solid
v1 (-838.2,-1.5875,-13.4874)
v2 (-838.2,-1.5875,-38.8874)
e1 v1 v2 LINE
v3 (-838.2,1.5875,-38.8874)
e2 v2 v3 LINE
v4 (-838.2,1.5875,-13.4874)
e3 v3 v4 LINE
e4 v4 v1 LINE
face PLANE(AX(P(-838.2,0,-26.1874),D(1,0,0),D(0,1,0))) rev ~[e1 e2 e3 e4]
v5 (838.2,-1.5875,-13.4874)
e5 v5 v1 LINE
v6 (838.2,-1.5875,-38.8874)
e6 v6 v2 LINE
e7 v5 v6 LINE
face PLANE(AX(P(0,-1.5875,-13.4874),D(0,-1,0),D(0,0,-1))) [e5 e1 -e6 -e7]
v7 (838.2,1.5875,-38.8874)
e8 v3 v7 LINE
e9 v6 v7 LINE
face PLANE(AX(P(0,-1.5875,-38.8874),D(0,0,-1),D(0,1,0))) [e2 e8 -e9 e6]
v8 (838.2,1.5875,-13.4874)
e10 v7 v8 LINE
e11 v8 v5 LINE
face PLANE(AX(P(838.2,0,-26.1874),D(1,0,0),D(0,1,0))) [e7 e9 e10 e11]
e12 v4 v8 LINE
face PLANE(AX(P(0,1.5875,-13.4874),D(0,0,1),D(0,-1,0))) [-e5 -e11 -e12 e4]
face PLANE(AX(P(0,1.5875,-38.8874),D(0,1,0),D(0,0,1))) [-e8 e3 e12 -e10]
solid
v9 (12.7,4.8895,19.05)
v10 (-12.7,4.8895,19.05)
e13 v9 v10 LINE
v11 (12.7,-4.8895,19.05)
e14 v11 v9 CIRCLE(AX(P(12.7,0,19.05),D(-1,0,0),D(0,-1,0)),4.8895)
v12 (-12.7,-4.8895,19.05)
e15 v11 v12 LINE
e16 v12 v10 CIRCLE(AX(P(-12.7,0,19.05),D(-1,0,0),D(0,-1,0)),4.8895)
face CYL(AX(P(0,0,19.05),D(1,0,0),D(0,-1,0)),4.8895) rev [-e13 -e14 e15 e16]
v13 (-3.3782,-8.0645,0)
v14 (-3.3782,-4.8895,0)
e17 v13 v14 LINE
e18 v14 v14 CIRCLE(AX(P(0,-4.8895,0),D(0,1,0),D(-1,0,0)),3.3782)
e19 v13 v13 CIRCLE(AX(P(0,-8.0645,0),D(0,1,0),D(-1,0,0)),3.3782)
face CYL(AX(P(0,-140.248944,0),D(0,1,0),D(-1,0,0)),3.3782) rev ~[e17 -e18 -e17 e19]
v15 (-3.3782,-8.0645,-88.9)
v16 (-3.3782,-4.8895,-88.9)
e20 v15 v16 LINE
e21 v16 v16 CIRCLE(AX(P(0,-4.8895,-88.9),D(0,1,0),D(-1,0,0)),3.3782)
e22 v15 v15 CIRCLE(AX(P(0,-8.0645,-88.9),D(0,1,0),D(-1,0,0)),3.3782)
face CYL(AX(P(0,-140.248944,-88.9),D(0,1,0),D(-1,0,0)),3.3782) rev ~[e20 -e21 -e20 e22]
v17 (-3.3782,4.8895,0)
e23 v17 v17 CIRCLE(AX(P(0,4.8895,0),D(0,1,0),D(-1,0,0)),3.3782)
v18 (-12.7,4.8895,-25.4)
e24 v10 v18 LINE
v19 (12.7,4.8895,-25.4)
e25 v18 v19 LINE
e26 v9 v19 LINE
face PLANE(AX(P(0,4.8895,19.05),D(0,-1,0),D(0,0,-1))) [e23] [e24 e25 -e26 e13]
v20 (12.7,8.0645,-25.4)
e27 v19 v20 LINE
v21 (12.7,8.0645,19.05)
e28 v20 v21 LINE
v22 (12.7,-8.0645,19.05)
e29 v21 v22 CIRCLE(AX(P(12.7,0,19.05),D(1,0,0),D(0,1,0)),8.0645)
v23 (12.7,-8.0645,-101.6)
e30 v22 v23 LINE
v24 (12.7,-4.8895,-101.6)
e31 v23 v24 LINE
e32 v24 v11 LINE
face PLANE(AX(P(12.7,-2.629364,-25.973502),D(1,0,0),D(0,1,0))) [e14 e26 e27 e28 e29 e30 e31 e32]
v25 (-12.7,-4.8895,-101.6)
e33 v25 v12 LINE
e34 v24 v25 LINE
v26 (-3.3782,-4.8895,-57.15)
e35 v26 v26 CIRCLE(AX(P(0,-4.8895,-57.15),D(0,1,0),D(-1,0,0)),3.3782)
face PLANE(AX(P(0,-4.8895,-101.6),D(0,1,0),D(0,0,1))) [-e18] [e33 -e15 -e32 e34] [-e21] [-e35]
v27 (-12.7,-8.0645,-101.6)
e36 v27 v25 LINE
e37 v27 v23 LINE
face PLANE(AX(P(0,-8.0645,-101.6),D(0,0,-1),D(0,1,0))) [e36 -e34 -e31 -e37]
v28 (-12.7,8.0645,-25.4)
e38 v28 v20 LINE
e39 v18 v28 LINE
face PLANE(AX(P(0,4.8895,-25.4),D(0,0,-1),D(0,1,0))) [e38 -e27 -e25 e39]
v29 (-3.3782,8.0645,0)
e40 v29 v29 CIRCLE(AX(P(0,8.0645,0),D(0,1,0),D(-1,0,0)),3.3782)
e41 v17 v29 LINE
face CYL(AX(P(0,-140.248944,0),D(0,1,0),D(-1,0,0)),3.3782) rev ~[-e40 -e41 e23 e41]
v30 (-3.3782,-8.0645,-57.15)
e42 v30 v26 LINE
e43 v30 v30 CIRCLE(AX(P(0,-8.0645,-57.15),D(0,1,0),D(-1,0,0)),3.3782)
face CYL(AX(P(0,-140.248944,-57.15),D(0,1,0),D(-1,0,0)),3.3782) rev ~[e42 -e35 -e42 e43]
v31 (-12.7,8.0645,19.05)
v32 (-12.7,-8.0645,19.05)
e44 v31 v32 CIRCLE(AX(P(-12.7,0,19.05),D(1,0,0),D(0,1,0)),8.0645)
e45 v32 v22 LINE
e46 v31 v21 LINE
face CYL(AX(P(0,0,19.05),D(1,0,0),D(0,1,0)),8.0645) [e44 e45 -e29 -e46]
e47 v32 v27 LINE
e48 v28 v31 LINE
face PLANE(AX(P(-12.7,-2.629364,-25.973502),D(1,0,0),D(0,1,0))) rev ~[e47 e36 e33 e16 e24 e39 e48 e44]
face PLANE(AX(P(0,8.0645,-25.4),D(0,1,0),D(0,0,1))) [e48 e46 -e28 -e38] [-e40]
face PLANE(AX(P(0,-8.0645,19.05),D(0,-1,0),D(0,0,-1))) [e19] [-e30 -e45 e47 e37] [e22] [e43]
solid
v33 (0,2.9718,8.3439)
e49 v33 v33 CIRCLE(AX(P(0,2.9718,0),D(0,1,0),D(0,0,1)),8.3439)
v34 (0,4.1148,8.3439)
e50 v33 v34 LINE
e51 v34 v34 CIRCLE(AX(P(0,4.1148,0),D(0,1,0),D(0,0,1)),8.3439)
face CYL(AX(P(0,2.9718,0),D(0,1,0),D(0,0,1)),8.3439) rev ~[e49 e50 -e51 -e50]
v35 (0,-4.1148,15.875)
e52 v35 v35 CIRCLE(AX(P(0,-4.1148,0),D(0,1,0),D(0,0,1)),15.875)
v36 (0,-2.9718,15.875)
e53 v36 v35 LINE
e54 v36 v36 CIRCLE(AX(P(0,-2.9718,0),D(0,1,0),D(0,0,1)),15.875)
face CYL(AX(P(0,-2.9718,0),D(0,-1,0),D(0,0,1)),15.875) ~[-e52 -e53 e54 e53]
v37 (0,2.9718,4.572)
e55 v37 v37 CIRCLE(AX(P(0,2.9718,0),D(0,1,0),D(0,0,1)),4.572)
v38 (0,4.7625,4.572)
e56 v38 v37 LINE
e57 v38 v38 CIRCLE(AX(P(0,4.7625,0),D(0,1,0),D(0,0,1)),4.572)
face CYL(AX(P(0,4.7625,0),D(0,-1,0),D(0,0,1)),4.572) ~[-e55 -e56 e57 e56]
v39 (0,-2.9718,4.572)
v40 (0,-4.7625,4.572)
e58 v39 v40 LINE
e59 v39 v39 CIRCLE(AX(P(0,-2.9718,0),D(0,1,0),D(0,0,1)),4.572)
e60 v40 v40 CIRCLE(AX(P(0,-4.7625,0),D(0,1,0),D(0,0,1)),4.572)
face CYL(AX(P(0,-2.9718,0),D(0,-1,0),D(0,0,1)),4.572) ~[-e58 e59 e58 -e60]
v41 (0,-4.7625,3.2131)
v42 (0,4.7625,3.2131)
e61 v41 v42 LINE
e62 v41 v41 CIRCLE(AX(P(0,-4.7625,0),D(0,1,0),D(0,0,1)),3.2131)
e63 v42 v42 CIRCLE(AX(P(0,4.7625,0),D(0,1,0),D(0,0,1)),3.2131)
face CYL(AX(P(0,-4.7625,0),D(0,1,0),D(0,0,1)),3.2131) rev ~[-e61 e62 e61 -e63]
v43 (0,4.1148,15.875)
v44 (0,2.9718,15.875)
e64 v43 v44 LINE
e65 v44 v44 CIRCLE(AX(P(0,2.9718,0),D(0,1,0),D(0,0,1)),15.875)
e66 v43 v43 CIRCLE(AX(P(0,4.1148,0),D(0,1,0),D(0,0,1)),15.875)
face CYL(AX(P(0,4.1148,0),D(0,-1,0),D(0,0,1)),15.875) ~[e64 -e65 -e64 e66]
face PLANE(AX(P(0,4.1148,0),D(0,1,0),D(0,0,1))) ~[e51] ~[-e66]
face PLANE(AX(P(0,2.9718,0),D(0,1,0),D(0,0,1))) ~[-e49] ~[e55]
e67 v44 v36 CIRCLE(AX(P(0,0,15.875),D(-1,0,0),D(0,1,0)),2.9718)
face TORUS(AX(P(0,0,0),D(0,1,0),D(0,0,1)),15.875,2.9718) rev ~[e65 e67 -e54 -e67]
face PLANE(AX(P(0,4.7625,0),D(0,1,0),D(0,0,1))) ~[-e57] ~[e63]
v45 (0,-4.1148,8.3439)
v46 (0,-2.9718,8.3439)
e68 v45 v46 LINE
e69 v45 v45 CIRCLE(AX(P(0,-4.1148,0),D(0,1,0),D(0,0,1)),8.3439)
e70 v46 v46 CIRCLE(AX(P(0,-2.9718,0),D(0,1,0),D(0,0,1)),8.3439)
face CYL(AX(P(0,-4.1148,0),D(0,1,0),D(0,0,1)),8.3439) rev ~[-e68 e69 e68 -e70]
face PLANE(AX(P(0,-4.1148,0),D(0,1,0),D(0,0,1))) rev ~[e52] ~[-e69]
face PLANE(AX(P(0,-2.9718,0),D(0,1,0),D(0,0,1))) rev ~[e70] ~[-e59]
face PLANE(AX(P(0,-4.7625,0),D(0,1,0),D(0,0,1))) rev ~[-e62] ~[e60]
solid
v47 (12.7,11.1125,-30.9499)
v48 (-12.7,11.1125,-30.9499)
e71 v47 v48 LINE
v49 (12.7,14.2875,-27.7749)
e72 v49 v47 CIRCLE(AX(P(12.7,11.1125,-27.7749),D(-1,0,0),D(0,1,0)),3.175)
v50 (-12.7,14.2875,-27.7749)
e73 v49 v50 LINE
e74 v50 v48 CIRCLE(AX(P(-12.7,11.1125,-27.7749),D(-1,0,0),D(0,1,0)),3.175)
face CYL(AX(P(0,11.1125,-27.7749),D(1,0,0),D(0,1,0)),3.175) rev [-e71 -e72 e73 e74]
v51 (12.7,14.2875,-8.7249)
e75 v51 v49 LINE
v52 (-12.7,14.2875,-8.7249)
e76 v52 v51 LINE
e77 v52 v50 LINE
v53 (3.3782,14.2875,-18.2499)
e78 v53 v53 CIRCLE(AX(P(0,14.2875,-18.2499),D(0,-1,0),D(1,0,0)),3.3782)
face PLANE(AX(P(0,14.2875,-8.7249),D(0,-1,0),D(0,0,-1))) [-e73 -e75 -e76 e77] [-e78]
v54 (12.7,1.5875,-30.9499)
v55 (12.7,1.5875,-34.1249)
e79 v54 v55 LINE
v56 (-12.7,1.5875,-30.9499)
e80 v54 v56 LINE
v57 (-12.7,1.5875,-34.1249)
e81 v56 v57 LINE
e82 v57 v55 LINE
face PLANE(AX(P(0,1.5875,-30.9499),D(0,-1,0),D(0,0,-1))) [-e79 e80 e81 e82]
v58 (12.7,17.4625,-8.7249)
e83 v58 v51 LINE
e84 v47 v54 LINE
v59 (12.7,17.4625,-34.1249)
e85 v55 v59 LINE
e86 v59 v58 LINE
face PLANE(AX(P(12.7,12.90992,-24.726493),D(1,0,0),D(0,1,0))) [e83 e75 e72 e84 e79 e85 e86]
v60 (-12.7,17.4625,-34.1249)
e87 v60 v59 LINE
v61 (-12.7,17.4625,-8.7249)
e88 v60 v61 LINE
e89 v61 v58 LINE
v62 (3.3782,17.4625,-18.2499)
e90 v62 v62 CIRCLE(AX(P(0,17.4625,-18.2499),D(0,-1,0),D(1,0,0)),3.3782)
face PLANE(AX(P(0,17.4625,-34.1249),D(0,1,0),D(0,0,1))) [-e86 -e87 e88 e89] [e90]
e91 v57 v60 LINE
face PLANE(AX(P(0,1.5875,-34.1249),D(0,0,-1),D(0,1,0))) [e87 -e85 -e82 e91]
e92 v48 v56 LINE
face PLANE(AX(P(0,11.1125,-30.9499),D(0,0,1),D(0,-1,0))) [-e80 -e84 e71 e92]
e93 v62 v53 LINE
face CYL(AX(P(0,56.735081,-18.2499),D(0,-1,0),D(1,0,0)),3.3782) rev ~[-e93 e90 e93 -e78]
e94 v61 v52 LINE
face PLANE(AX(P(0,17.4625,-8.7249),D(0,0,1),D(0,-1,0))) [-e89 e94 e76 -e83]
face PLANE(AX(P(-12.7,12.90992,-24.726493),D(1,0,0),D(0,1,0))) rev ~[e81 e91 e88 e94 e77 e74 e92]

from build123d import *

# Parameters (mm, degrees)
F3_DEPTH = 838.2
F4_DEPTH = 12.7
F5_DEPTH = 12.7
F7_D     = 6.7564
F9_D     = 6.7564


with BuildPart() as f1:
    # F0 (on Right) → F1 (revolve)
    with BuildSketch(Plane.YZ):
        with BuildLine():
            Line((-4.7625, 4.572), (-4.7625, 3.2131))
            Line((-4.7625, 3.2131), (4.7625, 3.2131))
            Line((4.7625, 3.2131), (4.7625, 4.572))
            Line((4.7625, 4.572), (2.9718, 4.572))
            Line((2.9718, 4.572), (2.9718, 8.3439))
            Line((2.9718, 8.3439), (4.1148, 8.3439))
            Line((4.1148, 8.3439), (4.1148, 15.875))
            Line((4.1148, 15.875), (2.9718, 15.875))
            ThreePointArc((2.9718, 15.875), (0, 12.9032), (-2.9718, 15.875))
            Line((-2.9718, 15.875), (-4.1148, 15.875))
            Line((-4.1148, 15.875), (-4.1148, 8.3439))
            Line((-4.1148, 8.3439), (-2.9718, 8.3439))
            Line((-2.9718, 8.3439), (-2.9718, 4.572))
            Line((-2.9718, 4.572), (-4.7625, 4.572))
        make_face()
    revolve(axis=Axis((0, 0.9060123301, 0), (0, 1, 0)))


with BuildPart() as f3:
    # F2 (on Right) → F3 (new body, symmetric)
    with BuildSketch(Plane.YZ):
        Polygon((-1.5875, -38.8874), (1.5875, -38.8874), (1.5875, -34.1249), (1.5875, -30.9499), (1.5875, -13.4874), (-1.5875, -13.4874), align=None)
    extrude(amount=F3_DEPTH, both=True)


with BuildPart() as f4:
    # F2 (on Right) → F4 (new body, symmetric)
    with BuildSketch(Plane.YZ):
        with BuildLine():
            Line((4.8895, 19.05), (4.8895, -25.4))
            Line((4.8895, -25.4), (8.0645, -25.4))
            Line((8.0645, -25.4), (8.0645, 19.05))
            ThreePointArc((8.0645, 19.05), (0, 27.1145), (-8.0645, 19.05))
            Line((-8.0645, 19.05), (-8.0645, -101.6))
            Line((-8.0645, -101.6), (-4.8895, -101.6))
            Line((-4.8895, -101.6), (-4.8895, 19.05))
            ThreePointArc((-4.8895, 19.05), (0, 23.9395), (4.8895, 19.05))
        make_face()
    extrude(amount=F4_DEPTH, both=True)

    # F7 (through all)
    with Locations(Plane.XZ.offset(8.0645)):
        with Locations((0, 0), (0, -57.15), (0, -88.9)):
            Hole(F7_D / 2)


with BuildPart() as f5:
    # F2 (on Right) → F5 (new body, symmetric)
    with BuildSketch(Plane.YZ):
        with BuildLine():
            Line((1.5875, -30.9499), (1.5875, -34.1249))
            Line((1.5875, -34.1249), (17.4625, -34.1249))
            Line((17.4625, -34.1249), (17.4625, -8.7249))
            Line((17.4625, -8.7249), (14.2875, -8.7249))
            Line((14.2875, -8.7249), (14.2875, -27.7749))
            ThreePointArc((14.2875, -27.7749), (13.3575640303, -30.0199640303), (11.1125, -30.9499))
            Line((11.1125, -30.9499), (1.5875, -30.9499))
        make_face()
    extrude(amount=F5_DEPTH, both=True)

    # F9 (through all)
    with Locations(Plane(origin=(0, 17.4625, 0), x_dir=(-1, 0, 0), z_dir=(0, 1, 0))):
        with Locations((0, -18.2499)):
            Hole(F9_D / 2)


solid = Compound([f1.part, f3.part, f4.part, f5.part])
